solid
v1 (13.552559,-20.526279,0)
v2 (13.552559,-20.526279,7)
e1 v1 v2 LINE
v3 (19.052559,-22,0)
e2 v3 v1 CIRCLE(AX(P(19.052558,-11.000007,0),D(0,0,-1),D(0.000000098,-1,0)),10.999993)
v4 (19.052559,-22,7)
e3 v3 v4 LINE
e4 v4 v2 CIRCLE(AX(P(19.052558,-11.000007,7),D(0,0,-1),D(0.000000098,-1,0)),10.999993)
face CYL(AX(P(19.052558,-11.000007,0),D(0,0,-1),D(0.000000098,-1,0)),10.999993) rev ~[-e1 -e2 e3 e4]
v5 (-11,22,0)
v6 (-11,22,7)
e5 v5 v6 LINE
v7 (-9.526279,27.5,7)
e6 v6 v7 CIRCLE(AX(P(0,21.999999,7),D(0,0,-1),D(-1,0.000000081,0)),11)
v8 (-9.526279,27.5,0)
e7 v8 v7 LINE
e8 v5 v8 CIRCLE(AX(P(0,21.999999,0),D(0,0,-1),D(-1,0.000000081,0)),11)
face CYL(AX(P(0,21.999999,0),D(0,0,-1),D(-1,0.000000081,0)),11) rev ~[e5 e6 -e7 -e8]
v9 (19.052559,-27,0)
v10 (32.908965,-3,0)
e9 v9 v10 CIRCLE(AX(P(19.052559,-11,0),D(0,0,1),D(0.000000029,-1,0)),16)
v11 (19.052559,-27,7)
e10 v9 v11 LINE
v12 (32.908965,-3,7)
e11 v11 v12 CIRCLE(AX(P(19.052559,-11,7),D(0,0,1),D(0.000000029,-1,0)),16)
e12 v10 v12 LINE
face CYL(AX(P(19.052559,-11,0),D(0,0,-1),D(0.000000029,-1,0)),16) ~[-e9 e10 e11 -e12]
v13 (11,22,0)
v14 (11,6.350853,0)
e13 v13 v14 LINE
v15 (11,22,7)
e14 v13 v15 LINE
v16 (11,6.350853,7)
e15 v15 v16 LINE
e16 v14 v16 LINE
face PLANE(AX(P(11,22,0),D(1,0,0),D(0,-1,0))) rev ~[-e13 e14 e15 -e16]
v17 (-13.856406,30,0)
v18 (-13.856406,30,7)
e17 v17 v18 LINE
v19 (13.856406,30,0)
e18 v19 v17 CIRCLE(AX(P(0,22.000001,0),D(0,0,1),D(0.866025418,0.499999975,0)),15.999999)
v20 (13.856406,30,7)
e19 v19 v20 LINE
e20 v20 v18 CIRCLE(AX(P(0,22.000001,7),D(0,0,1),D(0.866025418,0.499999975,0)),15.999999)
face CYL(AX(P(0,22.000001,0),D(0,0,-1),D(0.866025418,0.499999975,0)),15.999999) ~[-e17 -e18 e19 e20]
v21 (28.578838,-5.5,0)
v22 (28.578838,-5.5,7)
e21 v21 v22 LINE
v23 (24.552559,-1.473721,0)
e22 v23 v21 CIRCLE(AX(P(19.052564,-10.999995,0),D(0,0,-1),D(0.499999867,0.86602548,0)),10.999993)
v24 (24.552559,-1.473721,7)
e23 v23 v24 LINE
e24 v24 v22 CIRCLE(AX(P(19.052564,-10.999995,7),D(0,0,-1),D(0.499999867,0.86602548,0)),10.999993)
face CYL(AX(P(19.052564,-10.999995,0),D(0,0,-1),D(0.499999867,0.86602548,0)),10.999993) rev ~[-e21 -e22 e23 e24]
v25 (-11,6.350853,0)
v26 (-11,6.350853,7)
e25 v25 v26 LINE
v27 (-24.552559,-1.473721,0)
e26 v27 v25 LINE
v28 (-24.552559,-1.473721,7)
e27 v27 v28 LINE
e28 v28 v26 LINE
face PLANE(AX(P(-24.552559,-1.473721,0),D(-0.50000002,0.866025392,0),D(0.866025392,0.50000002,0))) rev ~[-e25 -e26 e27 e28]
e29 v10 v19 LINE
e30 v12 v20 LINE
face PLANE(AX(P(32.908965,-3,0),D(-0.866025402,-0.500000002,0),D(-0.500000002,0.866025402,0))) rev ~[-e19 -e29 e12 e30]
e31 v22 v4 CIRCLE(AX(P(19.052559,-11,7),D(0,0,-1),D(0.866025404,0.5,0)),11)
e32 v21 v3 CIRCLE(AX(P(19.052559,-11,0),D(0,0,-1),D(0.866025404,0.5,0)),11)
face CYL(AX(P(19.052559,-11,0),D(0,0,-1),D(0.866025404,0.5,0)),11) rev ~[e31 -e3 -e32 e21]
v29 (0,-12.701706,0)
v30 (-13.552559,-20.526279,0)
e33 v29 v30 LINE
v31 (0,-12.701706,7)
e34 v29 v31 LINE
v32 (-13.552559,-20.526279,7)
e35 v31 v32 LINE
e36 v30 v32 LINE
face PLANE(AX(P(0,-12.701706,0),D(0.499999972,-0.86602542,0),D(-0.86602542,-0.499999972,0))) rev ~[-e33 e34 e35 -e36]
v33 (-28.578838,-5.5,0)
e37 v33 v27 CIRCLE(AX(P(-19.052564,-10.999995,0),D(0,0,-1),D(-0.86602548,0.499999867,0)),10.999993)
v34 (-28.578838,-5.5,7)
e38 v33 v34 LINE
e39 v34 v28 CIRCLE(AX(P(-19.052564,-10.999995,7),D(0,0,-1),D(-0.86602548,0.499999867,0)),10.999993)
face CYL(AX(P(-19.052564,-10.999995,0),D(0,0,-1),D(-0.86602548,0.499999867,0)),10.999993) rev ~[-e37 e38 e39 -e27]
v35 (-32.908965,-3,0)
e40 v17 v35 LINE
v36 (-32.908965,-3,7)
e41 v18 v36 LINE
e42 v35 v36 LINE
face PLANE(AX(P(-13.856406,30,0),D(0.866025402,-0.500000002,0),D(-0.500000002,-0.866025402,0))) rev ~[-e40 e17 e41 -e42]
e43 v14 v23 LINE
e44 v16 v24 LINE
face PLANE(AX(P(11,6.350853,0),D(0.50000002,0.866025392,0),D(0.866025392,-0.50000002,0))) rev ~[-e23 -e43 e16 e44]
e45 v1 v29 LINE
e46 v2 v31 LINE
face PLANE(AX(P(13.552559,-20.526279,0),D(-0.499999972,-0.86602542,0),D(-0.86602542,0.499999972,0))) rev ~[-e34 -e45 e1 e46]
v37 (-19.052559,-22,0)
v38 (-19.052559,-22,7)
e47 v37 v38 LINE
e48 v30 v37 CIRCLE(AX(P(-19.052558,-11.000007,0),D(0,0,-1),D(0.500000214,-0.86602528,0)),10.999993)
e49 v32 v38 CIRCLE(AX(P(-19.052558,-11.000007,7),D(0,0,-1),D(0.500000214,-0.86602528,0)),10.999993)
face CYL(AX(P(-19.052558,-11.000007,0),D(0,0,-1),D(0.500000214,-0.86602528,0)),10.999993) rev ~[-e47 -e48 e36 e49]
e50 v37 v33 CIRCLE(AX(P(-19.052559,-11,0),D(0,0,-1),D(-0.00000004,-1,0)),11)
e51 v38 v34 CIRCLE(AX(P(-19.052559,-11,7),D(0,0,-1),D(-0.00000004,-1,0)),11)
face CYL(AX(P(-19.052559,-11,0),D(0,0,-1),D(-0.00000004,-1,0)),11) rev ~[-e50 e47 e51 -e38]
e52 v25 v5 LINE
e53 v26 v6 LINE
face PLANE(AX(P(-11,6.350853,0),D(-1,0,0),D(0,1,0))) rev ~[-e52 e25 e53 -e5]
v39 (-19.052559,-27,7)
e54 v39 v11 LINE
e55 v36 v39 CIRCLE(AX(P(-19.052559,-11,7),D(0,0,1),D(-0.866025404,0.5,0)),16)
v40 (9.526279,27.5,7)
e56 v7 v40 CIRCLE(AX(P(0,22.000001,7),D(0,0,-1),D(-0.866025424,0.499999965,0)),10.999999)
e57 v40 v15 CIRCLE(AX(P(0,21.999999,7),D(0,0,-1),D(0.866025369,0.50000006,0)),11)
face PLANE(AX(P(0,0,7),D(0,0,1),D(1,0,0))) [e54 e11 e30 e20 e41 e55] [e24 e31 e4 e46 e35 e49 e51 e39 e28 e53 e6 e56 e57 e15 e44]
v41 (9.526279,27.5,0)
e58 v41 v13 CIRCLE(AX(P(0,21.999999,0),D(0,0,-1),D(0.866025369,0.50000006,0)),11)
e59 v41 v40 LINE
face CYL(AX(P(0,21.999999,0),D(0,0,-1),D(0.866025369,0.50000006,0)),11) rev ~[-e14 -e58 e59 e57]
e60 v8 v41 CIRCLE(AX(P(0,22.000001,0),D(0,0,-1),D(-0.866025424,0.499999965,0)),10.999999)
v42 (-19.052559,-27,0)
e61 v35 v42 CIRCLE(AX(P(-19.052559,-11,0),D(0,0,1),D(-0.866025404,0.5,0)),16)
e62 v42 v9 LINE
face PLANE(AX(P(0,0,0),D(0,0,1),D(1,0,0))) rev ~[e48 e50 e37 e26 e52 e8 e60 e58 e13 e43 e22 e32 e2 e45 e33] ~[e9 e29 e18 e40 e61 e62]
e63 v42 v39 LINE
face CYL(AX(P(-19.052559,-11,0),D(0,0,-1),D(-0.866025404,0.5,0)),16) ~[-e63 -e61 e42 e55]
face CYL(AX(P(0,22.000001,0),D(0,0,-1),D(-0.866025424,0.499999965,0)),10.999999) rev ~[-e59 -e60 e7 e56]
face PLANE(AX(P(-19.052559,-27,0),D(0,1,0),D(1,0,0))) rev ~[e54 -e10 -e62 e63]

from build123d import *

# Parameters (mm, degrees)
F1_DEPTH = 7


with BuildPart() as f1:
    # F0 (on Top) → F1 (new body)
    with BuildSketch(Plane.XY):
        with BuildLine():
            Line((32.908965, -3), (13.856406, 30))
            ThreePointArc((13.856406, 30), (0, 38), (-13.856406, 30))
            Line((-13.856406, 30), (-32.908965, -3))
            ThreePointArc((-32.908965, -3), (-32.908965, -19), (-19.052559, -27))
            Line((-19.052559, -27), (19.052559, -27))
            ThreePointArc((19.052559, -27), (32.908965, -19), (32.908965, -3))
        make_face()
        with BuildLine():
            ThreePointArc((-9.526279, 27.5), (0, 33), (9.526279, 27.5))
            Line((9.526279, 27.5), (28.578838, -5.5))
            ThreePointArc((28.578838, -5.5), (28.578838, -16.5), (19.052559, -22))
            Line((19.052559, -22), (-19.052559, -22))
            ThreePointArc((-19.052559, -22), (-28.578838, -16.5), (-28.578838, -5.5))
            Line((-28.578838, -5.5), (-9.526279, 27.5))
        make_face(mode=Mode.SUBTRACT)
        with BuildLine():
            ThreePointArc((-11, 22), (-10.625184, 24.847009), (-9.526279, 27.5))
            Line((-9.526279, 27.5), (-28.578838, -5.5))
            ThreePointArc((-28.578838, -5.5), (-26.830733, -3.221825), (-24.552559, -1.473721))
            Line((-24.552559, -1.473721), (-11, 6.350853))
            Line((-11, 6.350853), (-11, 22))
        make_face()
        with BuildLine():
            Line((28.578838, -5.5), (9.526279, 27.5))
            ThreePointArc((9.526279, 27.5), (10.625184, 24.847009), (11, 22))
            Line((11, 22), (11, 6.350853))
            Line((11, 6.350853), (24.552559, -1.473721))
            ThreePointArc((24.552559, -1.473721), (26.830733, -3.221825), (28.578838, -5.5))
        make_face()
        with BuildLine():
            Line((-19.052559, -22), (19.052559, -22))
            ThreePointArc((19.052559, -22), (16.205549, -21.625184), (13.552559, -20.526279))
            Line((13.552559, -20.526279), (0, -12.701706))
            Line((0, -12.701706), (-13.552559, -20.526279))
            ThreePointArc((-13.552559, -20.526279), (-16.205549, -21.625184), (-19.052559, -22))
        make_face()
    extrude(amount=F1_DEPTH)


solid = f1.part
